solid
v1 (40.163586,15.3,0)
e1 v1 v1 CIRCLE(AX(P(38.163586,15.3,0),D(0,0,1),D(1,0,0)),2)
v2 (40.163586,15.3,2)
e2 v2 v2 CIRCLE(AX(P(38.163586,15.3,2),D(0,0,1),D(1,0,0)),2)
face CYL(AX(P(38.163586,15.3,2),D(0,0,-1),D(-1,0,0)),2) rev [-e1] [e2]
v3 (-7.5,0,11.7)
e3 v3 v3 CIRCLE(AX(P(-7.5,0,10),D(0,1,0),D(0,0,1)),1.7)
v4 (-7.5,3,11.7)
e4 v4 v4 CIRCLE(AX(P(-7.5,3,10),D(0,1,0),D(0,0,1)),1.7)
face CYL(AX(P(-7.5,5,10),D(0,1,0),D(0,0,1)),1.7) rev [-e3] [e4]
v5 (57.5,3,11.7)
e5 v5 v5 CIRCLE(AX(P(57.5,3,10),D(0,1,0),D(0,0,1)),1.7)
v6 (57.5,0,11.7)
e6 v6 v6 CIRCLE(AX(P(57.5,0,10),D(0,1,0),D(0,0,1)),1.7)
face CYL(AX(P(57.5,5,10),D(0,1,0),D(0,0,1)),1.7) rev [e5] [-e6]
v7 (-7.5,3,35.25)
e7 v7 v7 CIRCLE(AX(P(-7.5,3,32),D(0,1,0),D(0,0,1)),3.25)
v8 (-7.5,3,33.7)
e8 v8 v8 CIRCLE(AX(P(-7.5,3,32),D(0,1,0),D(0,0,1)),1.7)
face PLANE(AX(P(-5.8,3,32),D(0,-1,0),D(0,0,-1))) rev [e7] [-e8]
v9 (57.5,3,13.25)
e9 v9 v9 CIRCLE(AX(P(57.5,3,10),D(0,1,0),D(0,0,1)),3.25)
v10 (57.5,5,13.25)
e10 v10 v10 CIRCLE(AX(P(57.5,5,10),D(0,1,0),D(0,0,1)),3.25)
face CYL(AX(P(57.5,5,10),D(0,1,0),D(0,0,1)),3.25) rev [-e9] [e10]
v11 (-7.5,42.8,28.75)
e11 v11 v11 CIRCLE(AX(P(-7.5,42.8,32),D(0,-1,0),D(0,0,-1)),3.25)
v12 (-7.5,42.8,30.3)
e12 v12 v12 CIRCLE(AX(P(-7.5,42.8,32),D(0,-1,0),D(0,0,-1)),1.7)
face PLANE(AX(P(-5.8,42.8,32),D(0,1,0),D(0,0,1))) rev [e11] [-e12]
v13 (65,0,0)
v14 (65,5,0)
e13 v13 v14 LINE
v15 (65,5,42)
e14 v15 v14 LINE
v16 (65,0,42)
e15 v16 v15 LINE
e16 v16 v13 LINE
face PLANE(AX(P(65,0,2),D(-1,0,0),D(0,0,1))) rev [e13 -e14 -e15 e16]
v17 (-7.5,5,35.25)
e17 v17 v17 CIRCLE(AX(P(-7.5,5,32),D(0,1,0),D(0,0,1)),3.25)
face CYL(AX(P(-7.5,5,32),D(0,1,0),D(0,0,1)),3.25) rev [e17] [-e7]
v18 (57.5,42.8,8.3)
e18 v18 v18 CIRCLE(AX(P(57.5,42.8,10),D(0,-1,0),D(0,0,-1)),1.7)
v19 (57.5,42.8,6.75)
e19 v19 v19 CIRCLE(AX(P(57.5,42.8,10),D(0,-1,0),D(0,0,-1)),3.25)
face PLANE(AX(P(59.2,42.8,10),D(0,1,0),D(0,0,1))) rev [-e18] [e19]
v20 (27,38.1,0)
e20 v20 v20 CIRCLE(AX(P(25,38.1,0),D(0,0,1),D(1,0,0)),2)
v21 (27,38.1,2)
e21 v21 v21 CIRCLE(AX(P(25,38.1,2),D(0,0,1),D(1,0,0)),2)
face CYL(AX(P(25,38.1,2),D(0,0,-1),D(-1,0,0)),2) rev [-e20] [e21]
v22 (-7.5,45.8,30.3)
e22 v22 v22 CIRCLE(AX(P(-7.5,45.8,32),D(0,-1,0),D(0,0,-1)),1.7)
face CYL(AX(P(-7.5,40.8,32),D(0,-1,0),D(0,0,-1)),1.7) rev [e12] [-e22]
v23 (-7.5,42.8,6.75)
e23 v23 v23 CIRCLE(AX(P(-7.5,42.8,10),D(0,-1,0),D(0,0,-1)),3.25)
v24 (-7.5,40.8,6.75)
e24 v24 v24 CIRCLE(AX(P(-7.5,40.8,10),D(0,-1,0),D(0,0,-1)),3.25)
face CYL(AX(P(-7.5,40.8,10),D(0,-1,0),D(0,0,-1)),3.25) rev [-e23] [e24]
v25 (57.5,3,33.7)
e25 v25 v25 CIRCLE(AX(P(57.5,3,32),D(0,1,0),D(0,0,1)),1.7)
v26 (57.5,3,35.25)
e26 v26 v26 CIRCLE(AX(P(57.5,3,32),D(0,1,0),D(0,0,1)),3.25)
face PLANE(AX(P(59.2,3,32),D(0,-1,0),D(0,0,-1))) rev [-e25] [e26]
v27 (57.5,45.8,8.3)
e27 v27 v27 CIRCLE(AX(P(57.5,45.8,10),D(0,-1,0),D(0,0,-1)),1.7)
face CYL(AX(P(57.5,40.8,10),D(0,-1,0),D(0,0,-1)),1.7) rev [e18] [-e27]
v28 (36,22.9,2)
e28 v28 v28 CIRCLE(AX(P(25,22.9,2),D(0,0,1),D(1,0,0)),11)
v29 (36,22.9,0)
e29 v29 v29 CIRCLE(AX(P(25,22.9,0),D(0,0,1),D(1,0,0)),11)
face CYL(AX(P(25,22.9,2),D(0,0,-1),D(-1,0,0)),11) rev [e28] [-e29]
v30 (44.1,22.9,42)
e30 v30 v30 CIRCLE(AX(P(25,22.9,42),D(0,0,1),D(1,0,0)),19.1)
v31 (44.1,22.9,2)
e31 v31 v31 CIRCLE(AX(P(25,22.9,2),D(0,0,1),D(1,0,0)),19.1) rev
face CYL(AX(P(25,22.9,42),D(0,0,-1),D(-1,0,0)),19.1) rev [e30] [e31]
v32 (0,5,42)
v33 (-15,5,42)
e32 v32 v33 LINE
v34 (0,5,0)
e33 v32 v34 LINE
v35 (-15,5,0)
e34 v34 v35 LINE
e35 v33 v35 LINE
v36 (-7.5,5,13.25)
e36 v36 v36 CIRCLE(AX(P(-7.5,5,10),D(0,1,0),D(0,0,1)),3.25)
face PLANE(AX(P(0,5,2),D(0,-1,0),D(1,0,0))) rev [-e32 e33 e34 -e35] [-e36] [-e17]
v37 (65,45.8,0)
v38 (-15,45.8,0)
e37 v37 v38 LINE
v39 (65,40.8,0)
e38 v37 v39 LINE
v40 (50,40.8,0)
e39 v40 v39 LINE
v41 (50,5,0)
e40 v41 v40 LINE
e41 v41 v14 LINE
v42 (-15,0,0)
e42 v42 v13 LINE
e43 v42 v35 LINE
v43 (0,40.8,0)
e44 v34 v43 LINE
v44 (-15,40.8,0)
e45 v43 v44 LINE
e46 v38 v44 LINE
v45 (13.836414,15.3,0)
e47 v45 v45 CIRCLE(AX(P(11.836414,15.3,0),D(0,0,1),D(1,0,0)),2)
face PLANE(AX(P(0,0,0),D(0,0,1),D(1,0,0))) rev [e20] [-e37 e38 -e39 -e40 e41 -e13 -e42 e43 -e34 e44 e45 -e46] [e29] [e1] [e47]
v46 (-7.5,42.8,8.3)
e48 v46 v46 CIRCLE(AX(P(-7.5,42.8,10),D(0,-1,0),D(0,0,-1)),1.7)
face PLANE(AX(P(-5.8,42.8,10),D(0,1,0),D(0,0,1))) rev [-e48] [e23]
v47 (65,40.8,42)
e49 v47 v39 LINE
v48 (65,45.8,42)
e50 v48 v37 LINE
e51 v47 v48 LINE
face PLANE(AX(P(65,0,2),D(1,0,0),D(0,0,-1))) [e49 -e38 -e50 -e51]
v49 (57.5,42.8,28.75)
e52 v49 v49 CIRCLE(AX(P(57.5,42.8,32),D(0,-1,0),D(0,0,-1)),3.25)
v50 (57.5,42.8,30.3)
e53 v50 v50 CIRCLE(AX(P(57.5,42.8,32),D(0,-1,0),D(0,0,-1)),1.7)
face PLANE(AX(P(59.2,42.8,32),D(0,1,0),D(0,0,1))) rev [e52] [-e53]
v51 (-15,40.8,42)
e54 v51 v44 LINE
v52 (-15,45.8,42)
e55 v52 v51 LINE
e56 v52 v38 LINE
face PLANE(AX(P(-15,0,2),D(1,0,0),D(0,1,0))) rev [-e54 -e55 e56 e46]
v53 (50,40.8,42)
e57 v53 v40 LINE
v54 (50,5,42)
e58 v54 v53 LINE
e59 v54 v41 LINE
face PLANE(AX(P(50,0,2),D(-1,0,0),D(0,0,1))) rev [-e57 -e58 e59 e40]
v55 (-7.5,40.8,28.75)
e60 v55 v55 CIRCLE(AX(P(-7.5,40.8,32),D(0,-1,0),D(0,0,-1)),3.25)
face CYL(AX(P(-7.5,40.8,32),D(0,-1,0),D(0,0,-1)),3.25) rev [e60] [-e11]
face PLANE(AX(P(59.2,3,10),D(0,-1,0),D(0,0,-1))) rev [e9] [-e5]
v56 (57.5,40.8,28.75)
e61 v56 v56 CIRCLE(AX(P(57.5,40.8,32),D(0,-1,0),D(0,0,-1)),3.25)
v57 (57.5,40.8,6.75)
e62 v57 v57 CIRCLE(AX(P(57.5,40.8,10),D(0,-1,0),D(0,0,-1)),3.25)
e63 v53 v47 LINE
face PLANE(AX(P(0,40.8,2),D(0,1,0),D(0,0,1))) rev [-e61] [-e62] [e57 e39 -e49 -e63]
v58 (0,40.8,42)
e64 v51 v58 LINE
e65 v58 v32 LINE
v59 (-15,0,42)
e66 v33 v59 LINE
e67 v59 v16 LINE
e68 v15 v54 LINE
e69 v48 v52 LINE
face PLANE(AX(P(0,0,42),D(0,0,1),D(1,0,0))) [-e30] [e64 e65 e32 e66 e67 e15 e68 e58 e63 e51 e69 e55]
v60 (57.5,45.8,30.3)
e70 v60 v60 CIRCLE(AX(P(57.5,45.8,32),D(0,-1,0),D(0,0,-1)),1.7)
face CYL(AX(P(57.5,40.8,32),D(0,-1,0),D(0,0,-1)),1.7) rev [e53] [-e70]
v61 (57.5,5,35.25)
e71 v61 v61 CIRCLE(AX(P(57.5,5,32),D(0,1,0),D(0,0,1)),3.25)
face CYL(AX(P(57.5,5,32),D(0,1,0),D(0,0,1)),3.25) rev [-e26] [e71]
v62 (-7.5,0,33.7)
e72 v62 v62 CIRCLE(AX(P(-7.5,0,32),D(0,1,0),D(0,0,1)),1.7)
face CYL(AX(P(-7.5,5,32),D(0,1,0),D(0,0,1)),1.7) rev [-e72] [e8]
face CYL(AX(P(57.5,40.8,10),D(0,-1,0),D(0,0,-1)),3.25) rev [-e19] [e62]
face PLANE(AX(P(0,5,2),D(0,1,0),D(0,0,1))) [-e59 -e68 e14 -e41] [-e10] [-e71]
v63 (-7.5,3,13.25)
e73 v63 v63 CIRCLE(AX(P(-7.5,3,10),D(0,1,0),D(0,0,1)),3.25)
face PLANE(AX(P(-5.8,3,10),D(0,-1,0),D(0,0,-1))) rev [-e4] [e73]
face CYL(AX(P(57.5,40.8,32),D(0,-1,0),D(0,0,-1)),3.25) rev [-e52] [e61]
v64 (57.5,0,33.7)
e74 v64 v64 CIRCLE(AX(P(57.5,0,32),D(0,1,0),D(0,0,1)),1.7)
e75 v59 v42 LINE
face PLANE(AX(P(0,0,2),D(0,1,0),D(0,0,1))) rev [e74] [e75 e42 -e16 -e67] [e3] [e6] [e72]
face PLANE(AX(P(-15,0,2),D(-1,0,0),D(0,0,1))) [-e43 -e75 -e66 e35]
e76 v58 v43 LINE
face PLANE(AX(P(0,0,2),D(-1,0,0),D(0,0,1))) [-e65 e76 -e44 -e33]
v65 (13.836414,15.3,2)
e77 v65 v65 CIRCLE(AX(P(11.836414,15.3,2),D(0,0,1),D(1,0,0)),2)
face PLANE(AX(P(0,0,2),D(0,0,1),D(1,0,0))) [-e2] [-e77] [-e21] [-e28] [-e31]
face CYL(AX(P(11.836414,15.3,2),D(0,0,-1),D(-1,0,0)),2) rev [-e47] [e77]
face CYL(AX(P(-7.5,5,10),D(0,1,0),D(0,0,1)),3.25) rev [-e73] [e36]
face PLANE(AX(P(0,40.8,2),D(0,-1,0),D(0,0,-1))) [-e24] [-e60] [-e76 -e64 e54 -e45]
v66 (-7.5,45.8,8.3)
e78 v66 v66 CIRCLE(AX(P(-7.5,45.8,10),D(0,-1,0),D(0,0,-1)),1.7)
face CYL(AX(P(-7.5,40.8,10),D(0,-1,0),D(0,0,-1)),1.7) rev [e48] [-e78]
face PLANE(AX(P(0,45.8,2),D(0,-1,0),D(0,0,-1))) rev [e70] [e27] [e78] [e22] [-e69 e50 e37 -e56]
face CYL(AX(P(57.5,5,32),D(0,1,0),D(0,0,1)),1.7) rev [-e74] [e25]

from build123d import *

# Parameters (mm, degrees)
ESQUISSE1_R                                     = 2
ESQUISSE1_R_2                                   = 11
BOSS_EXTRU_1_DEPTH                              = 2
BOSS_EXTRU_2_DEPTH                              = 40
CHAMBRAGE_POUR_VIS_T_TE_CYLINDRIQUE_D           = 3.4
CHAMBRAGE_POUR_VIS_T_TE_CYLINDRIQUE_DEPTH       = 5
CHAMBRAGE_POUR_VIS_T_TE_CYLINDRIQUE_CBORE_D     = 6.5
CHAMBRAGE_POUR_VIS_T_TE_CYLINDRIQUE_CBORE_DEPTH = 2


with BuildPart() as part:
    # Esquisse1 → Boss.-Extru.1 (new body)
    with BuildSketch(Plane.XY):
        Polygon((0, 5), (-15, 5), (-15, 0), (65, 0), (65, 5), (50, 5), (50, 40.8), (65, 40.8), (65, 45.8), (-15, 45.8), (-15, 40.8), (0, 40.8), align=None)
        with Locations((25, 38.1)):
            Circle(ESQUISSE1_R, mode=Mode.SUBTRACT)
        with Locations((11.836413862, 15.3)):
            Circle(ESQUISSE1_R, mode=Mode.SUBTRACT)
        with Locations((38.163586138, 15.3)):
            Circle(ESQUISSE1_R, mode=Mode.SUBTRACT)
        with Locations((25, 22.9)):
            Circle(ESQUISSE1_R_2, mode=Mode.SUBTRACT)
    extrude(amount=BOSS_EXTRU_1_DEPTH)

    # Esquisse3 → Boss.-Extru.2 (add)
    with BuildSketch(Plane.XY.offset(2)):
        with BuildLine():
            Line((-15, 40.8), (0, 40.8))
            Line((0, 40.8), (9.470292352, 34.019270676))
            ThreePointArc((9.470292352, 34.019270676), (25, 42), (40.529707648, 34.019270676))
            Line((40.529707648, 34.019270676), (50, 40.8))
            Line((50, 40.8), (65, 40.8))
            Line((65, 40.8), (65, 45.8))
            Line((65, 45.8), (-15, 45.8))
            Line((-15, 45.8), (-15, 40.8))
        make_face()
        with BuildLine():
            Line((9.470292352, 34.019270676), (0, 40.8))
            Line((0, 40.8), (0, 5))
            Line((0, 5), (9.470292352, 11.780729324))
            ThreePointArc((9.470292352, 11.780729324), (5.9, 22.9), (9.470292352, 34.019270676))
        make_face()
        with BuildLine():
            Line((9.470292352, 11.780729324), (0, 5))
            Line((0, 5), (-15, 5))
            Line((-15, 5), (-15, 0))
            Line((-15, 0), (65, 0))
            Line((65, 0), (65, 5))
            Line((65, 5), (50, 5))
            Line((50, 5), (40.529707648, 11.780729324))
            ThreePointArc((40.529707648, 11.780729324), (25, 3.8), (9.470292352, 11.780729324))
        make_face()
        with BuildLine():
            Line((50, 40.8), (40.529707648, 34.019270676))
            ThreePointArc((40.529707648, 34.019270676), (43.185535682, 28.739203024), (44.1, 22.9))
            ThreePointArc((44.1, 22.9), (43.185535682, 17.060796976), (40.529707648, 11.780729324))
            Line((40.529707648, 11.780729324), (50, 5))
            Line((50, 5), (50, 40.8))
        make_face()
    extrude(amount=BOSS_EXTRU_2_DEPTH)

    # Chambrage pour vis à tête cylindrique à 6 pans creux (ou vis CHC) M31
    with Locations(Plane(origin=(57.5, 5, 32), x_dir=(0, 0, 1), z_dir=(0, 1, 0))):
        with Locations((0, 0), (-22, 0), (-22, -65), (0, -65)):
            chambrage_pour_vis_t_te_cylindrique = CounterBoreHole(CHAMBRAGE_POUR_VIS_T_TE_CYLINDRIQUE_D / 2, CHAMBRAGE_POUR_VIS_T_TE_CYLINDRIQUE_CBORE_D / 2, CHAMBRAGE_POUR_VIS_T_TE_CYLINDRIQUE_CBORE_DEPTH, depth=CHAMBRAGE_POUR_VIS_T_TE_CYLINDRIQUE_DEPTH)

    # Symétrie1: Chambrage pour vis à tête cylindrique à 6 pans creux (ou vis CHC) M31 across plane
    add(chambrage_pour_vis_t_te_cylindrique.mirror(Plane.ZX.offset(22.9)), mode=Mode.SUBTRACT)


solid = part.part
